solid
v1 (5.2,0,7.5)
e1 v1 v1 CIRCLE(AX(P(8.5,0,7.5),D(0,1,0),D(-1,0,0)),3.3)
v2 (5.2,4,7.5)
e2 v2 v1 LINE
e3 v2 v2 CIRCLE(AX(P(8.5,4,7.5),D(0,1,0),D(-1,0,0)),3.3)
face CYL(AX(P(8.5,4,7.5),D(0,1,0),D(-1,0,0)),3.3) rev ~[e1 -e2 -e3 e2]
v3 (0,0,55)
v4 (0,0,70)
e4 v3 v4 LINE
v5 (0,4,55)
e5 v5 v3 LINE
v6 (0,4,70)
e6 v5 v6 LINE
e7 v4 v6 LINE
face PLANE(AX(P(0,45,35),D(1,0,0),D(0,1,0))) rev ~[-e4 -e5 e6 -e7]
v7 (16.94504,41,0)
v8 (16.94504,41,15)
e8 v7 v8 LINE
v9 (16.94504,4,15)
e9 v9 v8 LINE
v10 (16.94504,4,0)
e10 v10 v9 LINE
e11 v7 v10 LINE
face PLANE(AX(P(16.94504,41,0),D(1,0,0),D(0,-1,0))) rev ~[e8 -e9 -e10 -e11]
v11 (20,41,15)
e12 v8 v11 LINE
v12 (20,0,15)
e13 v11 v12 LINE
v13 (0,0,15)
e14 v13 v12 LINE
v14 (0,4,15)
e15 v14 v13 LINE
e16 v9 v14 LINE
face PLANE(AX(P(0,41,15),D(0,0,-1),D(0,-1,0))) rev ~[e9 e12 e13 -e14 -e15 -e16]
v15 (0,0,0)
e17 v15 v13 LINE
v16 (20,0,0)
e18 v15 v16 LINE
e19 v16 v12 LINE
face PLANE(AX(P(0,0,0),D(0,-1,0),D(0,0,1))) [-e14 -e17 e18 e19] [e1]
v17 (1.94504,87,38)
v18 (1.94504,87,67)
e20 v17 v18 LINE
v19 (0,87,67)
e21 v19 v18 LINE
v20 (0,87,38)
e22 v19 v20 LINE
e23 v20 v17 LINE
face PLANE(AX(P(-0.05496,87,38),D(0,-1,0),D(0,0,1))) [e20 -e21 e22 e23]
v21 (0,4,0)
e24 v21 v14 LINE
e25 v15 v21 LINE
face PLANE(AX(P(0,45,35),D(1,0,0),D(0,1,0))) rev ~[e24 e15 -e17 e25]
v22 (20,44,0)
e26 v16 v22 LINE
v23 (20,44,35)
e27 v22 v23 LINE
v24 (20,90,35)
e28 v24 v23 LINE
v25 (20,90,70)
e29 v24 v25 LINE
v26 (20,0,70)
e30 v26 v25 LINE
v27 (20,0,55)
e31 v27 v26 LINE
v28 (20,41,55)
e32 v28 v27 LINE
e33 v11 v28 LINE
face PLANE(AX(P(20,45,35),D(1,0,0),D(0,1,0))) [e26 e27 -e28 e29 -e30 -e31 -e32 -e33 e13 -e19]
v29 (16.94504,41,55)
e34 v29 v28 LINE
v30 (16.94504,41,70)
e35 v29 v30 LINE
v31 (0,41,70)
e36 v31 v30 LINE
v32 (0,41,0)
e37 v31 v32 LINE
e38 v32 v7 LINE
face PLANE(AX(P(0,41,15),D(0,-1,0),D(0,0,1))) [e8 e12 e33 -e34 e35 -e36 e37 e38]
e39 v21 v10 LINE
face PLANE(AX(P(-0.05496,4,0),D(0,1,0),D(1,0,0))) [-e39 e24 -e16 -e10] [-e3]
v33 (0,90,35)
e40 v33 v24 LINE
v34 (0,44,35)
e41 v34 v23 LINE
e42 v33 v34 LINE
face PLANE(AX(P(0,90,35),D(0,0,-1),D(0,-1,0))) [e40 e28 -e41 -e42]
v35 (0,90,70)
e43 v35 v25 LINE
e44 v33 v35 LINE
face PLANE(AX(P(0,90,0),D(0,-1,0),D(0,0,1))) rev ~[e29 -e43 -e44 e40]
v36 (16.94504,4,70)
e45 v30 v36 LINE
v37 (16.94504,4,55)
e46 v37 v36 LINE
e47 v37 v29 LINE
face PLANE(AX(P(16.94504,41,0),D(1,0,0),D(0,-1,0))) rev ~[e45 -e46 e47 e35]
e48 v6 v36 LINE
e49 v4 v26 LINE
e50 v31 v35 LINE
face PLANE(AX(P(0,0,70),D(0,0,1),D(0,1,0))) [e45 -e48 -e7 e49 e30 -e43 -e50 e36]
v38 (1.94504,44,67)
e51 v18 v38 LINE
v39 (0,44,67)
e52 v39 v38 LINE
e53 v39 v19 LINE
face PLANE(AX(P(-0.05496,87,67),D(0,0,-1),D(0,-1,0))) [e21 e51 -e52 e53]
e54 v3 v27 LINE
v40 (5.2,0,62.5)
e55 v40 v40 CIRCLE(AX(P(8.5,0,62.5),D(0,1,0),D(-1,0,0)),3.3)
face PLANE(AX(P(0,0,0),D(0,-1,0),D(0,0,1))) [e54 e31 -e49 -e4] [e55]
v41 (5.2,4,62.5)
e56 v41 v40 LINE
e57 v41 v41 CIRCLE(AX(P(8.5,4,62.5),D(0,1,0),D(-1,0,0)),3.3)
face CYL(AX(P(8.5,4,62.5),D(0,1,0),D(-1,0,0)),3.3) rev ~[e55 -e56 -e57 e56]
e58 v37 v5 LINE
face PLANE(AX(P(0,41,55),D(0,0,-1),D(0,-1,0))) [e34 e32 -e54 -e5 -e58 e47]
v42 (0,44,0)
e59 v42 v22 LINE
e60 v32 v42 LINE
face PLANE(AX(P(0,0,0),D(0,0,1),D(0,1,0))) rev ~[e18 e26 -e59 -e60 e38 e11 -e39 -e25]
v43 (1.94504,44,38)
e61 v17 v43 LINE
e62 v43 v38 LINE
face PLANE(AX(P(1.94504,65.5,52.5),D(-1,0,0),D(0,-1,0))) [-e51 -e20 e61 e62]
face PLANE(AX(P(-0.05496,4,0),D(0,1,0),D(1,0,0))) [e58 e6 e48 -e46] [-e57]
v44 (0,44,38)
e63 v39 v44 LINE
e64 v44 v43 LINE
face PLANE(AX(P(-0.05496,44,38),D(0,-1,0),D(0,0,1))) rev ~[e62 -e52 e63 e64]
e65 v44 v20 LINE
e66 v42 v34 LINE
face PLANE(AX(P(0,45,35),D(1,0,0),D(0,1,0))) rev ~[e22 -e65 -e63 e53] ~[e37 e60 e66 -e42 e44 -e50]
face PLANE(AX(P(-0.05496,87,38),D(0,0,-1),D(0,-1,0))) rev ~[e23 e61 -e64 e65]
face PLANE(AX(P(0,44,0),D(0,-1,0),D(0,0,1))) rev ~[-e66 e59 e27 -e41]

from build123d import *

# Parameters (mm, degrees)
SKETCH004_W  = 43
SKETCH004_H  = 29
PAD004_DEPTH = 2
SKETCH003_W  = 17
SKETCH003_H  = 37
PAD003_DEPTH = 70
SKETCH001_W  = 41
SKETCH001_H  = 40
PAD001_DEPTH = 20
SKETCH002_W  = 46
SKETCH002_H  = 35
PAD002_DEPTH = 20
SKETCH_W     = 90
SKETCH_H     = 70
PAD_DEPTH    = 20
SKETCH005_R  = 3.3
HOLE_DEPTH   = 4.001


with BuildPart() as body004:
    # Sketch004 (on Face1 of CopyPad003) → Pad004 (new body)
    with BuildSketch(Plane(origin=(-0.05496, 0, 0), x_dir=(0, -1, 0), z_dir=(-1, 0, 0))):
        with Locations((-65.5, 52.5)):
            Rectangle(SKETCH004_W, SKETCH004_H)
    extrude(amount=-PAD004_DEPTH)


with BuildPart() as body003:
    # Sketch003 (on Face1 of CopyPad002) → Pad003 (new body)
    with BuildSketch(Plane(origin=(0, 0, 0), x_dir=(1, 0, 0), z_dir=(0, 0, -1))):
        with Locations((8.44504, -22.5)):
            Rectangle(SKETCH003_W, SKETCH003_H)
    extrude(amount=-PAD003_DEPTH)


with BuildPart() as body001:
    # Sketch001 (on Face1 of CopyPad) → Pad001 (new body)
    with BuildSketch(Plane(origin=(0, 0, 0), x_dir=(0, -1, 0), z_dir=(-1, 0, 0))):
        with Locations((-20.5, 35)):
            Rectangle(SKETCH001_W, SKETCH001_H)
    extrude(amount=-PAD001_DEPTH)


with BuildPart() as body002:
    # Sketch002 (on Face1 of CopyPad001) → Pad002 (new body)
    with BuildSketch(Plane(origin=(0, 0, 0), x_dir=(0, -1, 0), z_dir=(-1, 0, 0))):
        with Locations((-67, 17.5)):
            Rectangle(SKETCH002_W, SKETCH002_H)
    extrude(amount=-PAD002_DEPTH)


with BuildPart() as body:
    # Sketch → Pad (new body)
    with BuildSketch(Plane.YZ):
        with Locations((45, 35)):
            Rectangle(SKETCH_W, SKETCH_H)
    extrude(amount=PAD_DEPTH)

    # Boolean: cut Body004, Body003, Body001, Body002
    add(body004.part, mode=Mode.SUBTRACT)
    add(body003.part, mode=Mode.SUBTRACT)
    add(body001.part, mode=Mode.SUBTRACT)
    add(body002.part, mode=Mode.SUBTRACT)

    # Sketch005 (on Face24 of Boolean) → Hole (cut, through all)
    with BuildSketch(Plane(origin=(0, 4, 0), x_dir=(-1, 0, 0), z_dir=(0, 1, 0))):
        with Locations((-8.5, 7.5)):
            Circle(SKETCH005_R)
        with Locations((-8.5, 62.5)):
            Circle(SKETCH005_R)
    extrude(amount=-HOLE_DEPTH, mode=Mode.SUBTRACT)


solid = body.part
